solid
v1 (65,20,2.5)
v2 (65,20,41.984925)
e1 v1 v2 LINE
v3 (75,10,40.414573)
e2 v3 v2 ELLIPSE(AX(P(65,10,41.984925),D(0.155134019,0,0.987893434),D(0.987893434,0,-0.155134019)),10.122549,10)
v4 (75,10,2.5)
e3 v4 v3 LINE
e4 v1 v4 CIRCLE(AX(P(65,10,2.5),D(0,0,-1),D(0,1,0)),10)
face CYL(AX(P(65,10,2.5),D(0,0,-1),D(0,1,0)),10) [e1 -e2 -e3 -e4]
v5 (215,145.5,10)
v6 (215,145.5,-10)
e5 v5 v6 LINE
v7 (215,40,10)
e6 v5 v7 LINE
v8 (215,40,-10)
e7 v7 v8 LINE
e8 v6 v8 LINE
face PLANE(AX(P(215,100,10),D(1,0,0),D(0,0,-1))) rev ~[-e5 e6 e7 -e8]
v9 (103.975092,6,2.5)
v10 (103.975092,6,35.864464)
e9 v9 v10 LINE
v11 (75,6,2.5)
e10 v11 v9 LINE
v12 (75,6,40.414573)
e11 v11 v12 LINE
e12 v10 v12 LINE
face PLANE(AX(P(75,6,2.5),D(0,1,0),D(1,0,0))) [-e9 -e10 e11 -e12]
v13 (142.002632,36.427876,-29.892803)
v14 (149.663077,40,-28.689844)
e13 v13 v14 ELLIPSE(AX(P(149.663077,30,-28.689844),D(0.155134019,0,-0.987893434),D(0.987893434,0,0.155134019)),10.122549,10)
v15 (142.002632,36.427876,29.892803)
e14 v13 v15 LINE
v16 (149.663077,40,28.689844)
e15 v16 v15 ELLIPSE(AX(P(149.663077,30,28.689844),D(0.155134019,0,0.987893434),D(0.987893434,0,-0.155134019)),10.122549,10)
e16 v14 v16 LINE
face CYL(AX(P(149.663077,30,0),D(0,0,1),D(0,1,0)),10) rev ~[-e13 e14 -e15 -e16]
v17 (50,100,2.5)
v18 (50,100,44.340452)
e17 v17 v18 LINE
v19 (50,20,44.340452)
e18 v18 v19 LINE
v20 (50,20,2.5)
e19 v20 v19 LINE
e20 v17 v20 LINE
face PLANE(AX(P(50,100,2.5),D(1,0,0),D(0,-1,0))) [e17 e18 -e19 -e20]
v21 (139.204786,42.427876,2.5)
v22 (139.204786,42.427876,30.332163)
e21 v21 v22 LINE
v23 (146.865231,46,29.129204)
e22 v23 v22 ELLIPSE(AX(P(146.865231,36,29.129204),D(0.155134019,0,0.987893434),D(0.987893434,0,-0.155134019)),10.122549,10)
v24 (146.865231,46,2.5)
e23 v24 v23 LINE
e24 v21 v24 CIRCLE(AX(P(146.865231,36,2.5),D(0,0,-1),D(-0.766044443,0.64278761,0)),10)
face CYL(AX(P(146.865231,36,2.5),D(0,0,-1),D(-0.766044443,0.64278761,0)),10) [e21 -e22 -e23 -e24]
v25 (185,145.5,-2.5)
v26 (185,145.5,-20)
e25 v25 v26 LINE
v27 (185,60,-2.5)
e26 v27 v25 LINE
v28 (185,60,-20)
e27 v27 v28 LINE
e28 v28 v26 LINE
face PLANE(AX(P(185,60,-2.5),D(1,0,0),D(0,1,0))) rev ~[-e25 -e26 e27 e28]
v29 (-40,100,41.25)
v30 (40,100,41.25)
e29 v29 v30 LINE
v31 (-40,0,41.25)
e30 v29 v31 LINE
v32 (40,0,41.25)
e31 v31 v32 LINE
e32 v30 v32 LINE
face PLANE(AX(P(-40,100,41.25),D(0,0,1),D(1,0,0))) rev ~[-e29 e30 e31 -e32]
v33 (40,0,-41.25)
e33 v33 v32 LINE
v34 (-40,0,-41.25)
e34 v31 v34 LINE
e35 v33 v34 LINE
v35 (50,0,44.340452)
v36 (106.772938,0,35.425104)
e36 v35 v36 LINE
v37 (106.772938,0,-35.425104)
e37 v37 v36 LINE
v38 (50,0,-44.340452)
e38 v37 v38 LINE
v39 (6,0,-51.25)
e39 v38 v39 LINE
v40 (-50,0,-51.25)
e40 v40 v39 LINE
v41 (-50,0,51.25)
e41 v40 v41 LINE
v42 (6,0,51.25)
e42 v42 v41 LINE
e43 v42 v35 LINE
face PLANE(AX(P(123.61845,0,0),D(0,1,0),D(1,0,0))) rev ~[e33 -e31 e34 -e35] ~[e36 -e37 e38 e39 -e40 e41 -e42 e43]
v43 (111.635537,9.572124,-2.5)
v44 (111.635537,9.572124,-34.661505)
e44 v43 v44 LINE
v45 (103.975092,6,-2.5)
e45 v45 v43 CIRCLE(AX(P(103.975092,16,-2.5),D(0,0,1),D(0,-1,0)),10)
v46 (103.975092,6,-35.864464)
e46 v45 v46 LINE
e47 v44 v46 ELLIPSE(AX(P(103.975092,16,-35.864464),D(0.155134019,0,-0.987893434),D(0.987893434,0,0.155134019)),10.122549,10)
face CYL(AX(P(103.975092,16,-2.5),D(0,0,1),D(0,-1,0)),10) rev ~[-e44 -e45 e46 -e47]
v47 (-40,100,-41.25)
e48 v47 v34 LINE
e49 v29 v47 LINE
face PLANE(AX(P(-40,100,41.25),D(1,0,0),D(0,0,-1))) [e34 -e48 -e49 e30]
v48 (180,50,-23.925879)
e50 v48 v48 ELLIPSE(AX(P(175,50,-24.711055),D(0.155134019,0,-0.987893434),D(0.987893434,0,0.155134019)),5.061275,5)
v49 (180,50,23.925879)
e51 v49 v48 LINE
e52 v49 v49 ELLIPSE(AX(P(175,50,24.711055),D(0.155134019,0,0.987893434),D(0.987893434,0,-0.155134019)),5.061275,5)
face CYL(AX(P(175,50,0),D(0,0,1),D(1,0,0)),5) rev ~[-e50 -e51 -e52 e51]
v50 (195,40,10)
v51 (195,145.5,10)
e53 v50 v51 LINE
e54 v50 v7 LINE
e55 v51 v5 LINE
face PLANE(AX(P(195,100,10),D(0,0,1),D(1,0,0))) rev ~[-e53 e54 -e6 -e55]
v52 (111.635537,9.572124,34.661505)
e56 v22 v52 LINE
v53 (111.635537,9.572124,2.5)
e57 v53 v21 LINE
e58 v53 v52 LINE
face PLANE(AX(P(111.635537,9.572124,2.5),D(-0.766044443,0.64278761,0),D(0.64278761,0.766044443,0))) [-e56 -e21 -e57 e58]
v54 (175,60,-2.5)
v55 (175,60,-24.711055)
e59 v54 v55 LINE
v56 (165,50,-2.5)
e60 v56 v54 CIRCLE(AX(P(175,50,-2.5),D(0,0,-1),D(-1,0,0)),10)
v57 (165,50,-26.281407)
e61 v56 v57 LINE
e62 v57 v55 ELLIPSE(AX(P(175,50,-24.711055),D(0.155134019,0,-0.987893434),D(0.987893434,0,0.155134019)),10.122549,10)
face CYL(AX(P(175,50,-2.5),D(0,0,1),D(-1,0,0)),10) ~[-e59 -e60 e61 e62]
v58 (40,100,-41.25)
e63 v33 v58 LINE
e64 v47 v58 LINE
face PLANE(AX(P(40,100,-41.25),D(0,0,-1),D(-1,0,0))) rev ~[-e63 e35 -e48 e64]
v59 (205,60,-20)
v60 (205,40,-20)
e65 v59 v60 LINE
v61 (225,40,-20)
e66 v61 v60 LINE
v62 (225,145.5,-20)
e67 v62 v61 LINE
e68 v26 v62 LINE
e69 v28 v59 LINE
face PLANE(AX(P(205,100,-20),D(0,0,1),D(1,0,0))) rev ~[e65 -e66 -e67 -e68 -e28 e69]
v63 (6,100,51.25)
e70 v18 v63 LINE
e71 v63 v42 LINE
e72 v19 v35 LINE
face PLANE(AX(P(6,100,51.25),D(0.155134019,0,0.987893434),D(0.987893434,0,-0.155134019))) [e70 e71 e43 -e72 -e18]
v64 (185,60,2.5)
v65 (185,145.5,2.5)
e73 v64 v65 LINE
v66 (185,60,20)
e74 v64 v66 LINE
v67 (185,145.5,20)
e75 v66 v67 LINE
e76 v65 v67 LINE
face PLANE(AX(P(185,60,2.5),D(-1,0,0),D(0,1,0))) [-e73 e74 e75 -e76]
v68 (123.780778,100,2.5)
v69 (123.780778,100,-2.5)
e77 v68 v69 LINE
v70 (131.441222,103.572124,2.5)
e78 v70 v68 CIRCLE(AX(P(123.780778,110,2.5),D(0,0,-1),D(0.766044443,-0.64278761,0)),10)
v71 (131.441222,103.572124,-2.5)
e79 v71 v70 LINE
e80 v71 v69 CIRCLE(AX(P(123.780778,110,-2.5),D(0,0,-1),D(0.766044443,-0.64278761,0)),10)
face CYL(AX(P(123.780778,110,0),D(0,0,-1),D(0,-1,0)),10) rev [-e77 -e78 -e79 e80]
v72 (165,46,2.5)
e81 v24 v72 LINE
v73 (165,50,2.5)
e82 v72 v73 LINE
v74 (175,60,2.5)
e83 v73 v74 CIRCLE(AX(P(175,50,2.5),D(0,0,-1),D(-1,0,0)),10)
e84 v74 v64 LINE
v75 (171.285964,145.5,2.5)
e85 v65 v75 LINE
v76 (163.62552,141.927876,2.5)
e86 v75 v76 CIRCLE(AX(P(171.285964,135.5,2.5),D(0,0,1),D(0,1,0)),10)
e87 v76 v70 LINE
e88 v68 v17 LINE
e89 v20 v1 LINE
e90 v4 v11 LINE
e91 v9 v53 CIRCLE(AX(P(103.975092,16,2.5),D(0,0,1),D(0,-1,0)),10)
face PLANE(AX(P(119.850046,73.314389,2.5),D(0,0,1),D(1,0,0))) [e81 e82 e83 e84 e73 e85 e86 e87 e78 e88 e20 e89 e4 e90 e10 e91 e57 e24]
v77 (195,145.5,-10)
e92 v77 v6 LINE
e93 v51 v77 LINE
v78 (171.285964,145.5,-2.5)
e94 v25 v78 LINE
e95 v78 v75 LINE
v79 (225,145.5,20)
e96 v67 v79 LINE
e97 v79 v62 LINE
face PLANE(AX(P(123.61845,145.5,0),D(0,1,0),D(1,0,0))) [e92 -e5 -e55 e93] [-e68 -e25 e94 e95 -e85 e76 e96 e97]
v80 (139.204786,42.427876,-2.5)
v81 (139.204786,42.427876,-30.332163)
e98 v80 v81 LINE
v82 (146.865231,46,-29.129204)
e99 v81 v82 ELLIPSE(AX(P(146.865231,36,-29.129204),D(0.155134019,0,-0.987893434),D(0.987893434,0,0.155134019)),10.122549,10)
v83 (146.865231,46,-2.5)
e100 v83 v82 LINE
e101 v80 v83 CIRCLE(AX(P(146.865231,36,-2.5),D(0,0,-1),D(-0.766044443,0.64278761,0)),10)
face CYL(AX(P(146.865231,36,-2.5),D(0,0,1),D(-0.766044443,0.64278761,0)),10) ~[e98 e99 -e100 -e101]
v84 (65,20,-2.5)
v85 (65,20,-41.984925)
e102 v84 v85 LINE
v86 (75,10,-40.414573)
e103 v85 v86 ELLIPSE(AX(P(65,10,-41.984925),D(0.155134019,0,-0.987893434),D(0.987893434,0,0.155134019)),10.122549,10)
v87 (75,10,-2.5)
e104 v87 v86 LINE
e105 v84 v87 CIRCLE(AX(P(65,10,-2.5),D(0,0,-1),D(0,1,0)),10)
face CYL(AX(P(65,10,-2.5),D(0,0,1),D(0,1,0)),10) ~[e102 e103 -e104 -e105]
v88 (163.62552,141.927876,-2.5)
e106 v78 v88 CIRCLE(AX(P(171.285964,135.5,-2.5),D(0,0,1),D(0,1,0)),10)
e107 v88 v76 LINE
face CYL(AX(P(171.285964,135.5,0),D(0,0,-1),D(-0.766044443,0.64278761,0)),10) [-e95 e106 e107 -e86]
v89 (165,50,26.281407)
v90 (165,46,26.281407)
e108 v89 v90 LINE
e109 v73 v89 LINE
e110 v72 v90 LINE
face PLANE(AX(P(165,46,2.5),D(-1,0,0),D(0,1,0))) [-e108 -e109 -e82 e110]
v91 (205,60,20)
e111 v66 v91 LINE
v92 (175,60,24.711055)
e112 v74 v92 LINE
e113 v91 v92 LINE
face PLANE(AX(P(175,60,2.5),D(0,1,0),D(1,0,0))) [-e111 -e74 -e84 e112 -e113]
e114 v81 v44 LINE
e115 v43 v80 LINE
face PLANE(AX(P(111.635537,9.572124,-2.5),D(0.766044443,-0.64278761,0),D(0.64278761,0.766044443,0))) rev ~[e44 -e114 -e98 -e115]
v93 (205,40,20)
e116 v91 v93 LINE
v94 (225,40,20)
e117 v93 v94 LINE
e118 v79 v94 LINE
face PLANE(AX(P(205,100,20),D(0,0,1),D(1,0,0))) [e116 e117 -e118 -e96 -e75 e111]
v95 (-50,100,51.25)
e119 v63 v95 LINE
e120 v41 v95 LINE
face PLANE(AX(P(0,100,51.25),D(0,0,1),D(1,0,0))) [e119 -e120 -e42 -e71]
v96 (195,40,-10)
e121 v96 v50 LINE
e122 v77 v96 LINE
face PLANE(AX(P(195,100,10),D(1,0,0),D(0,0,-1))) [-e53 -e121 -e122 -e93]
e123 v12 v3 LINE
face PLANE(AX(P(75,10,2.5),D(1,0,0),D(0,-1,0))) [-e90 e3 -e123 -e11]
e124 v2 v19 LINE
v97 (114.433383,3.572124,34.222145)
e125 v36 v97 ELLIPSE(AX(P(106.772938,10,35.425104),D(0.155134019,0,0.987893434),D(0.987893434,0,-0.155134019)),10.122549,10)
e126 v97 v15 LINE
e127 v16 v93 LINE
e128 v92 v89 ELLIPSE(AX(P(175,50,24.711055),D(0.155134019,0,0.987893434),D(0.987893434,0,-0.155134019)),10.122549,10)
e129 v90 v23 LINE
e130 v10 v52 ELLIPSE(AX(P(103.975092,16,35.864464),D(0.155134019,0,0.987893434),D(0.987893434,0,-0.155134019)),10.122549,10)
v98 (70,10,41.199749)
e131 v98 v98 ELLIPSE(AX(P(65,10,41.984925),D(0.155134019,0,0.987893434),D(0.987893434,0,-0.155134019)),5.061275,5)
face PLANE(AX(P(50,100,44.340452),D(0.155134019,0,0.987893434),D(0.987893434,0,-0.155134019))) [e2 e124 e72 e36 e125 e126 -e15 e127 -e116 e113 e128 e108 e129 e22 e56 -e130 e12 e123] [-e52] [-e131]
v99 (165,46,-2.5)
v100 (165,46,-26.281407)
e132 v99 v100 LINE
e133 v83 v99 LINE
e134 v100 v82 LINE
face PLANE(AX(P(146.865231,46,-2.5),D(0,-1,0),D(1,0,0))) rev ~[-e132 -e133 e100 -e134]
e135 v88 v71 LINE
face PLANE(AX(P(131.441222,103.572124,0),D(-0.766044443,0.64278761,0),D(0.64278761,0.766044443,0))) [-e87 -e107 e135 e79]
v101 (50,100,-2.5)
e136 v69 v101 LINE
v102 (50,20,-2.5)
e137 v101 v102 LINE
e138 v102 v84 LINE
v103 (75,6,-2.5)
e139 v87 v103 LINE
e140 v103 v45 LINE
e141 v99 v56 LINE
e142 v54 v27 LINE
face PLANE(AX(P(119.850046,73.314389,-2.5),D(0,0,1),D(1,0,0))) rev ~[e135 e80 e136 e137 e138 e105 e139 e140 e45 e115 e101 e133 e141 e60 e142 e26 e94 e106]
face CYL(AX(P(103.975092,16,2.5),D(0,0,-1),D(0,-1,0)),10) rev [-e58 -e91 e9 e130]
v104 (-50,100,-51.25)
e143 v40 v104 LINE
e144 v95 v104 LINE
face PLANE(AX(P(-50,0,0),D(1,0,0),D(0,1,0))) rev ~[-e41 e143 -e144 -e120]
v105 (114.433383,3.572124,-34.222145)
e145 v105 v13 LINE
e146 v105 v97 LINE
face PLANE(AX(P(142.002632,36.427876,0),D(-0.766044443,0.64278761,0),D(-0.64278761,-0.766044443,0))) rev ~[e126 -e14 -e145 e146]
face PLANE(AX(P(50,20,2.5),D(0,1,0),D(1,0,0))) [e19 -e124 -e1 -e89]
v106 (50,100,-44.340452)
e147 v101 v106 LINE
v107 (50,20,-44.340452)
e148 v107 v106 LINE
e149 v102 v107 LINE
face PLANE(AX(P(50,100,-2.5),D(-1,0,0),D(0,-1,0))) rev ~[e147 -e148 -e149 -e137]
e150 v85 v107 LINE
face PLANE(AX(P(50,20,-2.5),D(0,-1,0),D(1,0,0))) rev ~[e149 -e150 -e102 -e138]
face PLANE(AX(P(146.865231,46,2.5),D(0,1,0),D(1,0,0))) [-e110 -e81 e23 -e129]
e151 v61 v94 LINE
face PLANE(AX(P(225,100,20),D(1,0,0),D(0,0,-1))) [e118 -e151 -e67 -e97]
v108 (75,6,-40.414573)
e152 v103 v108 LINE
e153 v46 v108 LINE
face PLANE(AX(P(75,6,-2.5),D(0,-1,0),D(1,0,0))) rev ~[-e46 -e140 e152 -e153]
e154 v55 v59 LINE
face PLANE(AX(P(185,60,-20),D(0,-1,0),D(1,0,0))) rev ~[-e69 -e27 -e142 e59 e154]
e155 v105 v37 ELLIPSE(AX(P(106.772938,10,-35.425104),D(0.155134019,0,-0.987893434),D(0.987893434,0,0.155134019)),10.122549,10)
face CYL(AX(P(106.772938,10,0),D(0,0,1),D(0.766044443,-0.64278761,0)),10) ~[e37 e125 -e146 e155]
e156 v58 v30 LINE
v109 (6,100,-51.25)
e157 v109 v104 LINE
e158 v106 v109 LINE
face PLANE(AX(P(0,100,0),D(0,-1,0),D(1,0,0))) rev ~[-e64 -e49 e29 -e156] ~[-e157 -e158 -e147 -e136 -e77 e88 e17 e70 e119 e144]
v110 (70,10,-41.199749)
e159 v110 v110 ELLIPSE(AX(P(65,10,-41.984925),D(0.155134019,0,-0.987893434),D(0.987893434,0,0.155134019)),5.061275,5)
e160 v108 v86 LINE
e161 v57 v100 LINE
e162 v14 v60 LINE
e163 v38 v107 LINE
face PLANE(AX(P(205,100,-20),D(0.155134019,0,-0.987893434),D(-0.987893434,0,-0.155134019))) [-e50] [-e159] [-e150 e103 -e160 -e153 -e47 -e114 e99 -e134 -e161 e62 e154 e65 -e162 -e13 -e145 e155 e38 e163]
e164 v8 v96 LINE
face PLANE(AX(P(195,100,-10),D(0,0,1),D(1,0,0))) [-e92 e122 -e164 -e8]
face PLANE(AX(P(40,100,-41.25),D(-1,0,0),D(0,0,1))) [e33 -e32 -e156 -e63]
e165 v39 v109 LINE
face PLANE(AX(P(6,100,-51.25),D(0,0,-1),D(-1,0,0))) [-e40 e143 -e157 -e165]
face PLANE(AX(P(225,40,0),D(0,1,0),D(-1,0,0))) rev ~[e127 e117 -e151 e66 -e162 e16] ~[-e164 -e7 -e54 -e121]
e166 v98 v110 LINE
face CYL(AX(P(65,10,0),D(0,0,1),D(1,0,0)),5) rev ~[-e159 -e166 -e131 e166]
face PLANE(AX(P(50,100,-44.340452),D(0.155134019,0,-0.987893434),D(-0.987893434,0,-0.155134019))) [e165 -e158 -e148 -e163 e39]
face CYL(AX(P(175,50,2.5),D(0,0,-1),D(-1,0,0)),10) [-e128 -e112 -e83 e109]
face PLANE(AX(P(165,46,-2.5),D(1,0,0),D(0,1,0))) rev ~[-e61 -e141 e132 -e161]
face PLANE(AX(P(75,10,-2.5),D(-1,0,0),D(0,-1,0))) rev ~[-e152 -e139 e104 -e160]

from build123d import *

# Parameters (mm, degrees)
ESQUISSE1_W                  = 50
ESQUISSE1_H                  = 100
BOSS_EXTRU_1_DEPTH           = 51.25
ESQUISSE2_W                  = 40
ESQUISSE2_H                  = 40
ESQUISSE2_W_2                = 20
ESQUISSE2_H_2                = 20
BOSS_EXTRU_2_DEPTH           = 45.5
BOSS_EXTRU_2_DEPTH_BACK      = 100
ESQUISSE2_3_W                = 40
ESQUISSE2_3_H                = 82.5
ENL_V_MAT_EXTRU_1_DEPTH      = 101
ENL_V_START                  = -2.5
ENL_V_MAT_EXTRU_3_DEPTH      = 49.75
ENL_V_START_2                = 2.5
ENL_V_MAT_EXTRU_4_DEPTH      = 49.75
ESQUISSE1_6_R                = 5
ENL_V_MAT_EXTRU_5_DEPTH      = 52.25
ENL_V_MAT_EXTRU_5_DEPTH_BACK = 52.25
ENL_V_START_3                = -20
ESQUISSE1_7_W                = 20
ESQUISSE1_7_H                = 85.5
ENL_V_MAT_EXTRU_6_DEPTH      = 31.25
ENL_V_START_4                = 20
ESQUISSE1_8_W                = 20
ESQUISSE1_8_H                = 85.5
ENL_V_MAT_EXTRU_7_DEPTH      = 31.25


with BuildPart() as part:
    # Esquisse1 → Boss.-Extru.1 (new body, symmetric)
    with BuildSketch(Plane.XY):
        with Locations((-25, 50)):
            Rectangle(ESQUISSE1_W, ESQUISSE1_H)
    extrude(amount=BOSS_EXTRU_1_DEPTH, both=True)

    # Esquisse2 → Boss.-Extru.2 (add, two sides)
    with BuildSketch(Plane(origin=(0, 100, 0), x_dir=(1, 0, 0), z_dir=(0, 1, 0))) as boss_extru_2_sk:
        Polygon((205, 20), (50, 44.340452261), (50, -44.340452261), (205, -20), (185, -20), (185, 20), align=None)
        Polygon((6, 51.25), (0, 51.25), (0, 41.25), (40, 41.25), (40, -41.25), (0, -41.25), (0, -51.25), (6, -51.25), (50, -44.340452261), (50, 44.340452261), align=None)
        with Locations((205, 0)):
            Rectangle(ESQUISSE2_W, ESQUISSE2_H)
        with Locations((205, 0)):
            Rectangle(ESQUISSE2_W_2, ESQUISSE2_H_2, mode=Mode.SUBTRACT)
    extrude(amount=BOSS_EXTRU_2_DEPTH)
    extrude(boss_extru_2_sk.sketch, amount=-BOSS_EXTRU_2_DEPTH_BACK)

    # Esquisse2_3 → Enl_v. mat.-Extru.1 (cut, through all)
    with BuildSketch(Plane(origin=(0, 100, 0), x_dir=(1, 0, 0), z_dir=(0, 1, 0))):
        with Locations((-20, 0)):
            Rectangle(ESQUISSE2_3_W, ESQUISSE2_3_H)
        with Locations((20, 0)):
            Rectangle(ESQUISSE2_3_W, ESQUISSE2_3_H)
    extrude(amount=-ENL_V_MAT_EXTRU_1_DEPTH, mode=Mode.SUBTRACT)

    # Esquisse1_4 → Enl_v. mat.-Extru.3 (cut, through all)
    with BuildSketch(Plane.XY.offset(ENL_V_START)):
        with BuildLine():
            Line((50, 100), (50, 20))
            Line((50, 20), (65, 20))
            ThreePointArc((65, 20), (72.071067812, 17.071067812), (75, 10))
            Line((75, 10), (75, 6))
            Line((75, 6), (103.975092222, 6))
            ThreePointArc((103.975092222, 6), (108.20127484, 6.93692213), (111.635536654, 9.572123903))
            Line((111.635536654, 9.572123903), (139.204786201, 42.427876097))
            ThreePointArc((139.204786201, 42.427876097), (142.639048015, 45.06307787), (146.865230633, 46))
            Line((146.865230633, 46), (165, 46))
            Line((165, 46), (165, 50))
            ThreePointArc((165, 50), (167.928932188, 57.071067812), (175, 60))
            Line((175, 60), (185, 60))
            Line((185, 60), (185, 145.5))
            Line((185, 145.5), (171.285964092, 145.5))
            ThreePointArc((171.285964092, 145.5), (167.059781475, 144.56307787), (163.625519661, 141.927876097))
            Line((163.625519661, 141.927876097), (131.441222142, 103.572123903))
            ThreePointArc((131.441222142, 103.572123903), (128.006960328, 100.93692213), (123.780777711, 100))
            Line((123.780777711, 100), (50, 100))
        make_face()
    extrude(amount=-ENL_V_MAT_EXTRU_3_DEPTH, mode=Mode.SUBTRACT)

    # Esquisse1_5 → Enl_v. mat.-Extru.4 (cut, through all)
    with BuildSketch(Plane.XY.offset(ENL_V_START_2)):
        with BuildLine():
            Line((50, 100), (50, 20))
            Line((50, 20), (65, 20))
            ThreePointArc((65, 20), (72.071067812, 17.071067812), (75, 10))
            Line((75, 10), (75, 6))
            Line((75, 6), (103.975092222, 6))
            ThreePointArc((103.975092222, 6), (108.20127484, 6.93692213), (111.635536654, 9.572123903))
            Line((111.635536654, 9.572123903), (139.204786201, 42.427876097))
            ThreePointArc((139.204786201, 42.427876097), (142.639048015, 45.06307787), (146.865230633, 46))
            Line((146.865230633, 46), (165, 46))
            Line((165, 46), (165, 50))
            ThreePointArc((165, 50), (167.928932188, 57.071067812), (175, 60))
            Line((175, 60), (185, 60))
            Line((185, 60), (185, 145.5))
            Line((185, 145.5), (171.285964092, 145.5))
            ThreePointArc((171.285964092, 145.5), (167.059781475, 144.56307787), (163.625519661, 141.927876097))
            Line((163.625519661, 141.927876097), (131.441222142, 103.572123903))
            ThreePointArc((131.441222142, 103.572123903), (128.006960328, 100.93692213), (123.780777711, 100))
            Line((123.780777711, 100), (50, 100))
        make_face()
    extrude(amount=ENL_V_MAT_EXTRU_4_DEPTH, mode=Mode.SUBTRACT)

    # Esquisse1_6 → Enl_v. mat.-Extru.5 (cut, two sides)
    with BuildSketch(Plane.XY) as enl_v_mat_extru_5_sk:
        with BuildLine():
            Line((0, 100), (50, 100))
            Line((50, 100), (123.780777711, 100))
            ThreePointArc((123.780777711, 100), (128.006960328, 100.93692213), (131.441222142, 103.572123903))
            Line((131.441222142, 103.572123903), (163.625519661, 141.927876097))
            ThreePointArc((163.625519661, 141.927876097), (167.059781475, 144.56307787), (171.285964092, 145.5))
            Line((171.285964092, 145.5), (0, 145.5))
            Line((0, 145.5), (0, 100))
        make_face()
        with BuildLine():
            ThreePointArc((114.433382603, 3.572123903), (110.999120789, 0.93692213), (106.772938171, 0))
            Line((106.772938171, 0), (225, 0))
            Line((225, 0), (225, 40))
            Line((225, 40), (205, 40))
            Line((205, 40), (149.663076582, 40))
            ThreePointArc((149.663076582, 40), (145.436893964, 39.06307787), (142.00263215, 36.427876097))
            Line((142.00263215, 36.427876097), (114.433382603, 3.572123903))
        make_face()
        with Locations((65, 10)):
            Circle(ESQUISSE1_6_R)
        with Locations((175, 50)):
            Circle(ESQUISSE1_6_R)
    extrude(amount=ENL_V_MAT_EXTRU_5_DEPTH, mode=Mode.SUBTRACT)
    extrude(enl_v_mat_extru_5_sk.sketch, amount=-ENL_V_MAT_EXTRU_5_DEPTH_BACK, mode=Mode.SUBTRACT)

    # Esquisse1_7 → Enl_v. mat.-Extru.6 (cut)
    with BuildSketch(Plane.XY.offset(ENL_V_START_3)):
        with Locations((195, 102.75)):
            Rectangle(ESQUISSE1_7_W, ESQUISSE1_7_H)
    extrude(amount=-ENL_V_MAT_EXTRU_6_DEPTH, mode=Mode.SUBTRACT)

    # Esquisse1_8 → Enl_v. mat.-Extru.7 (cut)
    with BuildSketch(Plane.XY.offset(ENL_V_START_4)):
        with Locations((195, 102.75)):
            Rectangle(ESQUISSE1_8_W, ESQUISSE1_8_H)
    extrude(amount=ENL_V_MAT_EXTRU_7_DEPTH, mode=Mode.SUBTRACT)


solid = part.part
